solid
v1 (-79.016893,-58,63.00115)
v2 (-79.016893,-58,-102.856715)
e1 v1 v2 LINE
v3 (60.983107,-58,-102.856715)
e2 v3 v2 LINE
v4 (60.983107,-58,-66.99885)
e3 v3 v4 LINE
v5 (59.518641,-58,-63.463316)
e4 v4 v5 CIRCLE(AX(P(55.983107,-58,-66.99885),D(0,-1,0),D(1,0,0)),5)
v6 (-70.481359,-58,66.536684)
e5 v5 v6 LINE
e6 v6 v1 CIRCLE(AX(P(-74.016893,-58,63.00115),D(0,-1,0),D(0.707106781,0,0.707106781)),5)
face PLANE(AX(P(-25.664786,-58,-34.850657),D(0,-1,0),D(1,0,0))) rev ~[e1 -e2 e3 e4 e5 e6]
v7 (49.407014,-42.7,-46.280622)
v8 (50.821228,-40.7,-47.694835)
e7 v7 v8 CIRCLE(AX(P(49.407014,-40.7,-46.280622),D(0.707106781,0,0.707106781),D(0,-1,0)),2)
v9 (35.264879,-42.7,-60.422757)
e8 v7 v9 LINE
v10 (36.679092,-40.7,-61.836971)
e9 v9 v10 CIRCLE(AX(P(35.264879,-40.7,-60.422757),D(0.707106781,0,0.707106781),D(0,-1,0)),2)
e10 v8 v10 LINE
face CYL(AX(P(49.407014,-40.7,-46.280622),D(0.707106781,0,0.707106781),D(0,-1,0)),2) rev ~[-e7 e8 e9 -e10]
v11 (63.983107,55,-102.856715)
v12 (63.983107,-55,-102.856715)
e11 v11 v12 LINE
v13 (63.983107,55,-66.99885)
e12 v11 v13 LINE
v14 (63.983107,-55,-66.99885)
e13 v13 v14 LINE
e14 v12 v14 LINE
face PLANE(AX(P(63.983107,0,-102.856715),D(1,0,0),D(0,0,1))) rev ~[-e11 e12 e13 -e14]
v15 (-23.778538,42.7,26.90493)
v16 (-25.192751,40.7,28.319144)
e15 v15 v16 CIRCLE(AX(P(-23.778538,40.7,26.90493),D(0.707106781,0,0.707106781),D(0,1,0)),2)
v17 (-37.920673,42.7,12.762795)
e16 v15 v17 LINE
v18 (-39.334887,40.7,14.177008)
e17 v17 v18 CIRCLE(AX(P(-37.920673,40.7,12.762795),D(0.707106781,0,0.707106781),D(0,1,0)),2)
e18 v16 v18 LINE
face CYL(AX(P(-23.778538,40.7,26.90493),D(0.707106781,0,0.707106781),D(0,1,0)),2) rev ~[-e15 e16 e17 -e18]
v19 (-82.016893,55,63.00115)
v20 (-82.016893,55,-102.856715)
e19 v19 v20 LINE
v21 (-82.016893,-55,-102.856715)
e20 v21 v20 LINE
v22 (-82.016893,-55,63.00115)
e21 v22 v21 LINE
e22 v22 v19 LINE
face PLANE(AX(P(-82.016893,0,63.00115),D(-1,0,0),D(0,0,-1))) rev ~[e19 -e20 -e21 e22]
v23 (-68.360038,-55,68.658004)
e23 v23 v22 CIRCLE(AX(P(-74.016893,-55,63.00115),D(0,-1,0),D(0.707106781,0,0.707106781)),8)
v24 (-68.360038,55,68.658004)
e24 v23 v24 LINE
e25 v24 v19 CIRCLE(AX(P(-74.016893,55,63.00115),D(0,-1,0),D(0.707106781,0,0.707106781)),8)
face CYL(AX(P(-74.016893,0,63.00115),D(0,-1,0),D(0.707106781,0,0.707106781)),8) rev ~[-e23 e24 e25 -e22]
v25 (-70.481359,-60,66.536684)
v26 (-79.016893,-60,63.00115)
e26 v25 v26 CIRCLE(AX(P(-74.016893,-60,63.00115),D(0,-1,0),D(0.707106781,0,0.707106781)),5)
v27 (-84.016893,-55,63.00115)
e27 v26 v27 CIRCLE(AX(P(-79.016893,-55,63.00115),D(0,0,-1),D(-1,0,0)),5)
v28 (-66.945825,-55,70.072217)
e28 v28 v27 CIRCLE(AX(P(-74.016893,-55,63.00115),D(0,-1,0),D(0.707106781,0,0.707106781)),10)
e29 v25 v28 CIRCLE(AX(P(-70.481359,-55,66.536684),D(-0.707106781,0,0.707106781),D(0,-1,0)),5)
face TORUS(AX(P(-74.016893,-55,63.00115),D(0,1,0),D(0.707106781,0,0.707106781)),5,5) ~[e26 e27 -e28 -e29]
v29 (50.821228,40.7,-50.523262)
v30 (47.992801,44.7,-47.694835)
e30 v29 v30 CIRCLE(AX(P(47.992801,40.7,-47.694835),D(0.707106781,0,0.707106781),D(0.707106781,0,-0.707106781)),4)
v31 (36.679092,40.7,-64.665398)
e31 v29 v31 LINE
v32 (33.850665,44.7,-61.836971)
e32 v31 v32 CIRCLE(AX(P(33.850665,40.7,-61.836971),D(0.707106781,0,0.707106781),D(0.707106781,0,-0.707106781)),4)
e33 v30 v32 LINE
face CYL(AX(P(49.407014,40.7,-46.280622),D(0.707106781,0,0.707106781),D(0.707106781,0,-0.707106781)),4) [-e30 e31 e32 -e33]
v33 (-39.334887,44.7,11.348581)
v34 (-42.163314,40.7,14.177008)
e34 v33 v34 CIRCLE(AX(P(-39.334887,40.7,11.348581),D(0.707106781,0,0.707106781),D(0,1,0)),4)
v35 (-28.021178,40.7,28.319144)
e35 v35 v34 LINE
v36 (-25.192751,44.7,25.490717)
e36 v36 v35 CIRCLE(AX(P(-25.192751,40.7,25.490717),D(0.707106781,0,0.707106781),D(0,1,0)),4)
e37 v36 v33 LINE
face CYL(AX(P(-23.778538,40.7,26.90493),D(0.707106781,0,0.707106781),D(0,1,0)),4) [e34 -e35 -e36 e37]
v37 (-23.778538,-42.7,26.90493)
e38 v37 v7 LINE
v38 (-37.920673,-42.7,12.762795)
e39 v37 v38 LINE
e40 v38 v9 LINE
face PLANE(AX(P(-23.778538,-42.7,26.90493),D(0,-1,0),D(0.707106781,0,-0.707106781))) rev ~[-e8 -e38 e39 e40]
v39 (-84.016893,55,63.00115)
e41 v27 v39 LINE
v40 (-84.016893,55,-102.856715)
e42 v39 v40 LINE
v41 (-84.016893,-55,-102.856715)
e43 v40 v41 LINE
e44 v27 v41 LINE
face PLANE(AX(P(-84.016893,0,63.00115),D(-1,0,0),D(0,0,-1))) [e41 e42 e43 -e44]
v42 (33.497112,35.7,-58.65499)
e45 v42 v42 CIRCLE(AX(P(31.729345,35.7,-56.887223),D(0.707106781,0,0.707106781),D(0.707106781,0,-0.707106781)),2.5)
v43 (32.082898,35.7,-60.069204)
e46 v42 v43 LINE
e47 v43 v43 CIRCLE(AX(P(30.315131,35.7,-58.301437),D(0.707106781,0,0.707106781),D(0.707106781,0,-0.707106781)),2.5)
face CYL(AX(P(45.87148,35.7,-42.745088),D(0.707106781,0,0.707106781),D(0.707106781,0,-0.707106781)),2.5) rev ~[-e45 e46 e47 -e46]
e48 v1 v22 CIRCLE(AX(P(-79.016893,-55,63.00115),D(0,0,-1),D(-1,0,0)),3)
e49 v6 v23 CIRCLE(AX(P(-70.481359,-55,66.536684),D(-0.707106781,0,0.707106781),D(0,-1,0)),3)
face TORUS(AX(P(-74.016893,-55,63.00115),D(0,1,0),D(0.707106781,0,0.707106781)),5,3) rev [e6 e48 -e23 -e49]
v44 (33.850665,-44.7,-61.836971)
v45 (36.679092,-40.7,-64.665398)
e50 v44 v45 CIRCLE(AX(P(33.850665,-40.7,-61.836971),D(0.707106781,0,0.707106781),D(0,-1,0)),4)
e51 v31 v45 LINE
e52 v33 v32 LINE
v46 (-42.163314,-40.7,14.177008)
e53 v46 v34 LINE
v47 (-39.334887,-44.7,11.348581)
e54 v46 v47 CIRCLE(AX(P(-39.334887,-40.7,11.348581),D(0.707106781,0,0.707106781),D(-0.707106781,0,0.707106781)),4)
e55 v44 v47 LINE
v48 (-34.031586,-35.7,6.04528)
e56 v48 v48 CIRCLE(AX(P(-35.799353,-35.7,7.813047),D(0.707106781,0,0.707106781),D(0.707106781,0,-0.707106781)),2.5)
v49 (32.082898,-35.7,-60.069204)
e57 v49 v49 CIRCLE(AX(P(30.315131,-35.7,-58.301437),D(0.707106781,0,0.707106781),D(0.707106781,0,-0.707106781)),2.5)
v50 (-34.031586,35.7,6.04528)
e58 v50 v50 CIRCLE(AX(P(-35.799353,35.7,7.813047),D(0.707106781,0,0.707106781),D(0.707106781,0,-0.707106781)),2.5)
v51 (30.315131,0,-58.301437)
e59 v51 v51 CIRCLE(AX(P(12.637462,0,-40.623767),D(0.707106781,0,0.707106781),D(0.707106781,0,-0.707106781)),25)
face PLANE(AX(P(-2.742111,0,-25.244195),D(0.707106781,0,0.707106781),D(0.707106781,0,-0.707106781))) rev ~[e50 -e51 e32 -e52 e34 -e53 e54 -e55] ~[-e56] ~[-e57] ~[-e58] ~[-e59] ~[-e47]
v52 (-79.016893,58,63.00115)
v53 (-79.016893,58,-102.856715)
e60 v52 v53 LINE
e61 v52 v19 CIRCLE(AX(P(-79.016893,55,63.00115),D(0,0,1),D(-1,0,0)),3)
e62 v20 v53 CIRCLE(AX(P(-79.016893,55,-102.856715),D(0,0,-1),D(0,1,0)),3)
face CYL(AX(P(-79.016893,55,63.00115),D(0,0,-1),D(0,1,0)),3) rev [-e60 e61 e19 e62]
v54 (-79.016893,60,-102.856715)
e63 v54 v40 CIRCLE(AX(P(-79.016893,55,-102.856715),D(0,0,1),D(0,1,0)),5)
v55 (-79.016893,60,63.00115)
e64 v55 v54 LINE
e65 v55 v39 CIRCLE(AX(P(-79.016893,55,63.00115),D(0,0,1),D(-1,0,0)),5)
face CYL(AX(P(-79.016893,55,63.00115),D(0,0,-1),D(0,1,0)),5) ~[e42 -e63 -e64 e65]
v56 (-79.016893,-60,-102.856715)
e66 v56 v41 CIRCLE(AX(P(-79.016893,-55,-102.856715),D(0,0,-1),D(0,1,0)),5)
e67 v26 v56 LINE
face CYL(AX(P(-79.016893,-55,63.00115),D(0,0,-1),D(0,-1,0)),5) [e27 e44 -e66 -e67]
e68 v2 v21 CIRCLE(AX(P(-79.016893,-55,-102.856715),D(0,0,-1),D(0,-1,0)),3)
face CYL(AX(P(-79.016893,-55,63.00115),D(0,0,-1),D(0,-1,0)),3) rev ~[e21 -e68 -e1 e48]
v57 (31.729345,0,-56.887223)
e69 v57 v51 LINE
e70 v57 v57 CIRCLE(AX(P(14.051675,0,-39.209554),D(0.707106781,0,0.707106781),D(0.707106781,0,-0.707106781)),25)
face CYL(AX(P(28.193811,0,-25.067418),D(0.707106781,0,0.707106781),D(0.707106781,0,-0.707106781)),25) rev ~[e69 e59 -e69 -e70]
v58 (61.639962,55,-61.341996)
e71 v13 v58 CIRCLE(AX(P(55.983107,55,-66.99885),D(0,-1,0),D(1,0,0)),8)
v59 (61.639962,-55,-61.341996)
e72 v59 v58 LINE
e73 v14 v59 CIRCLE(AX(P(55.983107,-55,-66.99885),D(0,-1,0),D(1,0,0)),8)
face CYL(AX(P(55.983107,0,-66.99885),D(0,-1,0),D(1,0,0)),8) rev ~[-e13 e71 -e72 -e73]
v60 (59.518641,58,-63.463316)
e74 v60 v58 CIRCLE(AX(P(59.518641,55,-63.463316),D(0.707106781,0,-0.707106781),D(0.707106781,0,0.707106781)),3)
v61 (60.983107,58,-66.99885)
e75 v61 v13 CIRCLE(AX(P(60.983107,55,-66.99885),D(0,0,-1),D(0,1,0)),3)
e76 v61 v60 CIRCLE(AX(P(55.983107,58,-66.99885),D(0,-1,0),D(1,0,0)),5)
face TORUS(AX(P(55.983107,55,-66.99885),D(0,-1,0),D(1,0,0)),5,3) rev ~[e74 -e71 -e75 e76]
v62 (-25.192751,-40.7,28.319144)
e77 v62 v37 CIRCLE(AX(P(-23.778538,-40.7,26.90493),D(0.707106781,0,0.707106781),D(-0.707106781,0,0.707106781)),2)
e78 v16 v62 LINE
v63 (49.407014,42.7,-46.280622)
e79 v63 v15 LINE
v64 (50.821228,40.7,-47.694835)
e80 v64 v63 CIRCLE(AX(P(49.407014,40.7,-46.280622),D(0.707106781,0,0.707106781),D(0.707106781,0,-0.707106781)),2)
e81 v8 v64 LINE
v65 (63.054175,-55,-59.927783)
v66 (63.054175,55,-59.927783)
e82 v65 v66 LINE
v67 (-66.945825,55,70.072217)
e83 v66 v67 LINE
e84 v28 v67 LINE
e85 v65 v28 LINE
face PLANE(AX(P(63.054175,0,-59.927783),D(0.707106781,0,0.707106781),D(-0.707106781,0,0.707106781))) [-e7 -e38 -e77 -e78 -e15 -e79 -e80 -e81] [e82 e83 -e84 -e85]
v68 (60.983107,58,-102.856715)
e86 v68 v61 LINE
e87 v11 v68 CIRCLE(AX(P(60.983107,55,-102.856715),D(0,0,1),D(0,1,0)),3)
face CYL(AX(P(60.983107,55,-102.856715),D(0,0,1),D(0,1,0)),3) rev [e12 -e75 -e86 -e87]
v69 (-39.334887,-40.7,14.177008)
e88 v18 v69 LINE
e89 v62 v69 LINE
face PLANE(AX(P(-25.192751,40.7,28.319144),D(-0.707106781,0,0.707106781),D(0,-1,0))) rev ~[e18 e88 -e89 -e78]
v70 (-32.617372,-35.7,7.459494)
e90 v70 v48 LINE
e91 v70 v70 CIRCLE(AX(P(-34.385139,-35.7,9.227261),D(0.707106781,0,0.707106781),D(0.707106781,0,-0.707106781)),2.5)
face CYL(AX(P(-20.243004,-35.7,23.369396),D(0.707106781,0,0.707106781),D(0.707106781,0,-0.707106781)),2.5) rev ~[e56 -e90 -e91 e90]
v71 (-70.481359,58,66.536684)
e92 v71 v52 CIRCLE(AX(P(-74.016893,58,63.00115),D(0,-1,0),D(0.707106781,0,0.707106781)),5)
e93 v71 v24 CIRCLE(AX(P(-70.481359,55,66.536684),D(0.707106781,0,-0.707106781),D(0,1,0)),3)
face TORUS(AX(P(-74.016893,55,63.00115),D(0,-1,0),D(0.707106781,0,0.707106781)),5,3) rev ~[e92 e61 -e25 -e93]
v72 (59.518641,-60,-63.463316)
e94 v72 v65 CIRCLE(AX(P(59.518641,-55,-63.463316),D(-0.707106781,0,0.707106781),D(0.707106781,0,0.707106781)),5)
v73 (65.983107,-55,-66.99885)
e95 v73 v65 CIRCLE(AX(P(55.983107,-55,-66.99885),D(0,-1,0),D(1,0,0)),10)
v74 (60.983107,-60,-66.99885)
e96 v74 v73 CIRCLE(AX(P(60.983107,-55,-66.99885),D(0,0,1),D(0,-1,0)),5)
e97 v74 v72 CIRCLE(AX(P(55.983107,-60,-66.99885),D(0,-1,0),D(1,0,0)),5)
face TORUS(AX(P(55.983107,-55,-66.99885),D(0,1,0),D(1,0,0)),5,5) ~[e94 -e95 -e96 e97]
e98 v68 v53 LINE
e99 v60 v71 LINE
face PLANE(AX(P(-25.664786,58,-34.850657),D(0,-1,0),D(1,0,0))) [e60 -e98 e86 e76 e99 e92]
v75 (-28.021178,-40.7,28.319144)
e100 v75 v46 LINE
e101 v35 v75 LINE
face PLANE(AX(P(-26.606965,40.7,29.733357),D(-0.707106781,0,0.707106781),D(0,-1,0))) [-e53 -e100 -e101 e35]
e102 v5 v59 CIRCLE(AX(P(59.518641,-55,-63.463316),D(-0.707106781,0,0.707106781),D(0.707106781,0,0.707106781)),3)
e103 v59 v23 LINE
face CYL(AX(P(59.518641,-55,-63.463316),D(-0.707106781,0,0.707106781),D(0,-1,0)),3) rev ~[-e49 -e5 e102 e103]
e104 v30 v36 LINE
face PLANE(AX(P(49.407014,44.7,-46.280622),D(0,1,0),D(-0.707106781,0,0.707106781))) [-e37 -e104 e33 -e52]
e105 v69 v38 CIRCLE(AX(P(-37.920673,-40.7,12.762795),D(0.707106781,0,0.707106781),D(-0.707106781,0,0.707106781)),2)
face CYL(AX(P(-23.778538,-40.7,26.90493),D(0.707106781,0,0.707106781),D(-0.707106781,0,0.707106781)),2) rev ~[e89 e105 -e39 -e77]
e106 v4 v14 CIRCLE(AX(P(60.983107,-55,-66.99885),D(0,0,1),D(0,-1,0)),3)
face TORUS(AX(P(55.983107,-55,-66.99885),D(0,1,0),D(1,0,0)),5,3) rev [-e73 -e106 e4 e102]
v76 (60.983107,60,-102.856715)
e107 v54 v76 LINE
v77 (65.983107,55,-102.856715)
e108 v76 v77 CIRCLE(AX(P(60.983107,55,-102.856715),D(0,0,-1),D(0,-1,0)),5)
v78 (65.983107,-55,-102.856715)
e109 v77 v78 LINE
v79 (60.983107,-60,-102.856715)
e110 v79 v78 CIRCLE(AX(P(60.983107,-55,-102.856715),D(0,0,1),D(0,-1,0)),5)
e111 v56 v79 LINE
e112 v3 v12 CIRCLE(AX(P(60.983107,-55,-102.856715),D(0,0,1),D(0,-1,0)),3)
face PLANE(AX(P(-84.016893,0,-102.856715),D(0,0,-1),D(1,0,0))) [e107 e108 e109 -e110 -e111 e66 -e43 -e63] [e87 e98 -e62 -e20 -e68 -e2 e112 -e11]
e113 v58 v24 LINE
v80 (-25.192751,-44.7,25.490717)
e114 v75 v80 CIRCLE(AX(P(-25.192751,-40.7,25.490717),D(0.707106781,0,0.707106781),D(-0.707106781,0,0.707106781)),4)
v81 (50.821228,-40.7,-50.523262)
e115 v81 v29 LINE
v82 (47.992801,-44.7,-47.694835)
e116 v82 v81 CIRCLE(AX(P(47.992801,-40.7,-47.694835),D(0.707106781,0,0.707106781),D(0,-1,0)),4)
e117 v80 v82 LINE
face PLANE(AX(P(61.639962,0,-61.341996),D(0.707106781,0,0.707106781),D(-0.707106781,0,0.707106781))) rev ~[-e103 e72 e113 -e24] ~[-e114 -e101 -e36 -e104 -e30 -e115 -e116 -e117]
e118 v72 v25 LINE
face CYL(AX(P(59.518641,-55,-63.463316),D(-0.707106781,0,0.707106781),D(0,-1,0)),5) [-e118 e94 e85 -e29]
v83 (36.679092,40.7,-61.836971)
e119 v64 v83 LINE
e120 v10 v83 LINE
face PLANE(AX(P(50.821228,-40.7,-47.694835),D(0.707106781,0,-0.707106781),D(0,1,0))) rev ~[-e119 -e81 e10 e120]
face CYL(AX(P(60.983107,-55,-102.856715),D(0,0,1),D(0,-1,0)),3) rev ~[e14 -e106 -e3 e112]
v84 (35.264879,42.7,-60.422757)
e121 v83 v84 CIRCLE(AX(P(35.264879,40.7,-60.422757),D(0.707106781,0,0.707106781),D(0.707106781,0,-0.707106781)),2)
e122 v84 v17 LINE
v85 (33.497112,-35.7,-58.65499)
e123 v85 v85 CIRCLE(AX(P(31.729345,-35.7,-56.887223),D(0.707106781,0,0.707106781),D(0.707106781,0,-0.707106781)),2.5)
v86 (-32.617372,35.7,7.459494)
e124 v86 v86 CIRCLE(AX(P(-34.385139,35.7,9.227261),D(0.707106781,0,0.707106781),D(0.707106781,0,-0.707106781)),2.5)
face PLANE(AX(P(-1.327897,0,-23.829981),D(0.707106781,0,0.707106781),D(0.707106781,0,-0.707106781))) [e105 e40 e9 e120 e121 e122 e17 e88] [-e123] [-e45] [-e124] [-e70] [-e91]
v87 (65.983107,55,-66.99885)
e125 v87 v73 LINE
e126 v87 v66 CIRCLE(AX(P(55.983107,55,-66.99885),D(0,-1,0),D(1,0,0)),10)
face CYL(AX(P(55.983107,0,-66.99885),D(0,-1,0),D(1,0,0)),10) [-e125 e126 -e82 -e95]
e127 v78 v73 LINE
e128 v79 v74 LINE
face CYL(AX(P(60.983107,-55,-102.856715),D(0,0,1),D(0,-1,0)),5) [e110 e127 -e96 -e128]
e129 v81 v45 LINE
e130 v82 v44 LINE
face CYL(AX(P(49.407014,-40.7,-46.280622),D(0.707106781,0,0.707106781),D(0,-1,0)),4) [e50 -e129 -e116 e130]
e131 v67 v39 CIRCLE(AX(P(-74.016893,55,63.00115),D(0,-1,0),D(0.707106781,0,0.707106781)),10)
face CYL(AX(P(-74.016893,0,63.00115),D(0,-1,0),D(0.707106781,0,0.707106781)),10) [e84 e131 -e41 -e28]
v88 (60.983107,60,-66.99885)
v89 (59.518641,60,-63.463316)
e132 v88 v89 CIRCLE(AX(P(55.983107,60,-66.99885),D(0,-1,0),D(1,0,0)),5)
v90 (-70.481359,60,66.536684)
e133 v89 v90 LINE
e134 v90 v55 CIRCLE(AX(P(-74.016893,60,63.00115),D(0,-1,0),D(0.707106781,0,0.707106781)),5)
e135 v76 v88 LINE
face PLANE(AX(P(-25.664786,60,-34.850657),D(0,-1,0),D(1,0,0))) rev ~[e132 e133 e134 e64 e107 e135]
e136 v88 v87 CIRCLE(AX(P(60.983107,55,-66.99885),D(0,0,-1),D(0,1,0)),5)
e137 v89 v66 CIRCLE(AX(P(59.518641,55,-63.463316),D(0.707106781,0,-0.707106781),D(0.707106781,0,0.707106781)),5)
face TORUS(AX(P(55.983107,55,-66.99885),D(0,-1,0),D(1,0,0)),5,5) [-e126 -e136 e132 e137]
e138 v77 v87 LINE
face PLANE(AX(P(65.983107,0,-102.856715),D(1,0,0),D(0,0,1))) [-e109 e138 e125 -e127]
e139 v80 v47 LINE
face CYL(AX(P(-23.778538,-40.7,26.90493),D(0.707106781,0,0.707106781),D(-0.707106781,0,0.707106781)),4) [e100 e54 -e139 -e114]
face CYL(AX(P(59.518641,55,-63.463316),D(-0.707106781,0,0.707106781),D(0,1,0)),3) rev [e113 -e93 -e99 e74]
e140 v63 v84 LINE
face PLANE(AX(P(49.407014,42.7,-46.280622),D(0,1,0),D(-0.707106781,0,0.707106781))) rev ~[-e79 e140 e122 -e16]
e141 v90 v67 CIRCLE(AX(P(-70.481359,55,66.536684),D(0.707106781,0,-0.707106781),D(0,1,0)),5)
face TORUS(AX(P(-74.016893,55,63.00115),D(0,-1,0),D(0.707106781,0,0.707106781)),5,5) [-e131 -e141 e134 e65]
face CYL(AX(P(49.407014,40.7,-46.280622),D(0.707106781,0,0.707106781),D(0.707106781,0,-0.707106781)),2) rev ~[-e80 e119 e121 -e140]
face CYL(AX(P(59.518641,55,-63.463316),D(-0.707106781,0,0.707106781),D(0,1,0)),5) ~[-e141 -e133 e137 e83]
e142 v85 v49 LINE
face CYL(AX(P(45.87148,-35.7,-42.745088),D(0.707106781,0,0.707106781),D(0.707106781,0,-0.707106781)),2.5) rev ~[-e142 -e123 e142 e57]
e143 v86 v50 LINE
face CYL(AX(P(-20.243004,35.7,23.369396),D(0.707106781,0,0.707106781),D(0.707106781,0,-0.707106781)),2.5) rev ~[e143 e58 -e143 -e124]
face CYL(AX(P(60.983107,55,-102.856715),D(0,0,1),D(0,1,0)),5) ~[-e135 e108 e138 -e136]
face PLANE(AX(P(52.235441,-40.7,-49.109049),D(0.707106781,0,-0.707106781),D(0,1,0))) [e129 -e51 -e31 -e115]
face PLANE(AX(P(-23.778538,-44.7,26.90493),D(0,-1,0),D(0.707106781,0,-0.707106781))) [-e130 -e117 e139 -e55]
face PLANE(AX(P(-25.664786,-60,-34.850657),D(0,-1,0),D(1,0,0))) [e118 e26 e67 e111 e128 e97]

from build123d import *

# Parameters (mm, degrees)
F1_DEPTH = 60
F2_R     = 2.5
F2_R_2   = 25
F3_DEPTH = 20
F4_R     = 5
F5_T     = -2
F6_DEPTH = 25


with BuildPart() as f1:
    # F0 (on Front) → F1 (new body, symmetric)
    with BuildSketch(Plane.XZ):
        with BuildLine():
            Line((-84.0168925865, 63.0011496848), (-84.0168925865, -102.8567146915))
            Line((-84.0168925865, -102.8567146915), (65.9831074135, -102.8567146915))
            Line((65.9831074135, -102.8567146915), (65.9831074135, -66.9988503152))
            ThreePointArc((65.9831074135, -66.9988503152), (65.2219027386, -63.1720159916), (63.0541752254, -59.9277825033))
            Line((63.0541752254, -59.9277825033), (-66.9458247746, 70.0722174967))
            ThreePointArc((-66.9458247746, 70.0722174967), (-77.8437269101, 72.2399450099), (-84.0168925865, 63.0011496848))
        make_face()
    extrude(amount=F1_DEPTH, both=True)

    # F2 (on face) → F3 (cut)
    with BuildSketch(Plane(origin=(1.563196361, 0, 1.563196361), x_dir=(0.7071067812, 0, -0.7071067812), z_dir=(0.7071067812, 0, 0.7071067812))):
        with BuildLine():
            ThreePointArc((69.6613762736, 40.7), (69.0755898359, 42.1142135624), (67.6613762736, 42.7))
            Line((67.6613762736, 42.7), (-35.8386237264, 42.7))
            ThreePointArc((-35.8386237264, 42.7), (-37.2528372888, 42.1142135624), (-37.8386237264, 40.7))
            Line((-37.8386237264, 40.7), (-37.8386237264, -40.7))
            ThreePointArc((-37.8386237264, -40.7), (-37.2528372888, -42.1142135624), (-35.8386237264, -42.7))
            Line((-35.8386237264, -42.7), (67.6613762736, -42.7))
            ThreePointArc((67.6613762736, -42.7), (69.0755898359, -42.1142135624), (69.6613762736, -40.7))
            Line((69.6613762736, -40.7), (69.6613762736, 40.7))
        make_face()
        with Locations((-30.8386237264, -35.7)):
            Circle(F2_R, mode=Mode.SUBTRACT)
        with Locations((62.6613762736, -35.7)):
            Circle(F2_R, mode=Mode.SUBTRACT)
        with Locations((-30.8386237264, 35.7)):
            Circle(F2_R, mode=Mode.SUBTRACT)
        with Locations((37.6613762736, 0)):
            Circle(F2_R_2, mode=Mode.SUBTRACT)
        with Locations((62.6613762736, 35.7)):
            Circle(F2_R, mode=Mode.SUBTRACT)
        with Locations((37.6613762736, 0)):
            Circle(F2_R_2)
        with Locations((-30.8386237264, 35.7)):
            Circle(F2_R)
        with Locations((62.6613762736, 35.7)):
            Circle(F2_R)
        with Locations((62.6613762736, -35.7)):
            Circle(F2_R)
        with Locations((-30.8386237264, -35.7)):
            Circle(F2_R)
    extrude(amount=-F3_DEPTH, mode=Mode.SUBTRACT)

    # F4
    f4_edges = [f1.edges().sort_by_distance(p)[0] for p in [
        (-1.945825, 60, 5.072217),
        (-1.945825, -60, 5.072217),
    ]]
    fillet(f4_edges, radius=F4_R)

    # F5
    f5_openings = [f1.faces().sort_by_distance(p)[0] for p in [
        (-9.016893, 0, -102.856715),
    ]]
    offset(amount=F5_T, openings=f5_openings, kind=Kind.INTERSECTION)

    # F2 (on face) → F6 (cut)
    with BuildSketch(Plane(origin=(1.563196361, 0, 1.563196361), x_dir=(0.7071067812, 0, -0.7071067812), z_dir=(0.7071067812, 0, 0.7071067812))):
        with Locations((37.6613762736, 0)):
            Circle(F2_R_2)
        with Locations((-30.8386237264, 35.7)):
            Circle(F2_R)
        with Locations((-30.8386237264, -35.7)):
            Circle(F2_R)
        with Locations((62.6613762736, 35.7)):
            Circle(F2_R)
        with Locations((62.6613762736, -35.7)):
            Circle(F2_R)
    extrude(amount=-F6_DEPTH, mode=Mode.SUBTRACT)


solid = f1.part
